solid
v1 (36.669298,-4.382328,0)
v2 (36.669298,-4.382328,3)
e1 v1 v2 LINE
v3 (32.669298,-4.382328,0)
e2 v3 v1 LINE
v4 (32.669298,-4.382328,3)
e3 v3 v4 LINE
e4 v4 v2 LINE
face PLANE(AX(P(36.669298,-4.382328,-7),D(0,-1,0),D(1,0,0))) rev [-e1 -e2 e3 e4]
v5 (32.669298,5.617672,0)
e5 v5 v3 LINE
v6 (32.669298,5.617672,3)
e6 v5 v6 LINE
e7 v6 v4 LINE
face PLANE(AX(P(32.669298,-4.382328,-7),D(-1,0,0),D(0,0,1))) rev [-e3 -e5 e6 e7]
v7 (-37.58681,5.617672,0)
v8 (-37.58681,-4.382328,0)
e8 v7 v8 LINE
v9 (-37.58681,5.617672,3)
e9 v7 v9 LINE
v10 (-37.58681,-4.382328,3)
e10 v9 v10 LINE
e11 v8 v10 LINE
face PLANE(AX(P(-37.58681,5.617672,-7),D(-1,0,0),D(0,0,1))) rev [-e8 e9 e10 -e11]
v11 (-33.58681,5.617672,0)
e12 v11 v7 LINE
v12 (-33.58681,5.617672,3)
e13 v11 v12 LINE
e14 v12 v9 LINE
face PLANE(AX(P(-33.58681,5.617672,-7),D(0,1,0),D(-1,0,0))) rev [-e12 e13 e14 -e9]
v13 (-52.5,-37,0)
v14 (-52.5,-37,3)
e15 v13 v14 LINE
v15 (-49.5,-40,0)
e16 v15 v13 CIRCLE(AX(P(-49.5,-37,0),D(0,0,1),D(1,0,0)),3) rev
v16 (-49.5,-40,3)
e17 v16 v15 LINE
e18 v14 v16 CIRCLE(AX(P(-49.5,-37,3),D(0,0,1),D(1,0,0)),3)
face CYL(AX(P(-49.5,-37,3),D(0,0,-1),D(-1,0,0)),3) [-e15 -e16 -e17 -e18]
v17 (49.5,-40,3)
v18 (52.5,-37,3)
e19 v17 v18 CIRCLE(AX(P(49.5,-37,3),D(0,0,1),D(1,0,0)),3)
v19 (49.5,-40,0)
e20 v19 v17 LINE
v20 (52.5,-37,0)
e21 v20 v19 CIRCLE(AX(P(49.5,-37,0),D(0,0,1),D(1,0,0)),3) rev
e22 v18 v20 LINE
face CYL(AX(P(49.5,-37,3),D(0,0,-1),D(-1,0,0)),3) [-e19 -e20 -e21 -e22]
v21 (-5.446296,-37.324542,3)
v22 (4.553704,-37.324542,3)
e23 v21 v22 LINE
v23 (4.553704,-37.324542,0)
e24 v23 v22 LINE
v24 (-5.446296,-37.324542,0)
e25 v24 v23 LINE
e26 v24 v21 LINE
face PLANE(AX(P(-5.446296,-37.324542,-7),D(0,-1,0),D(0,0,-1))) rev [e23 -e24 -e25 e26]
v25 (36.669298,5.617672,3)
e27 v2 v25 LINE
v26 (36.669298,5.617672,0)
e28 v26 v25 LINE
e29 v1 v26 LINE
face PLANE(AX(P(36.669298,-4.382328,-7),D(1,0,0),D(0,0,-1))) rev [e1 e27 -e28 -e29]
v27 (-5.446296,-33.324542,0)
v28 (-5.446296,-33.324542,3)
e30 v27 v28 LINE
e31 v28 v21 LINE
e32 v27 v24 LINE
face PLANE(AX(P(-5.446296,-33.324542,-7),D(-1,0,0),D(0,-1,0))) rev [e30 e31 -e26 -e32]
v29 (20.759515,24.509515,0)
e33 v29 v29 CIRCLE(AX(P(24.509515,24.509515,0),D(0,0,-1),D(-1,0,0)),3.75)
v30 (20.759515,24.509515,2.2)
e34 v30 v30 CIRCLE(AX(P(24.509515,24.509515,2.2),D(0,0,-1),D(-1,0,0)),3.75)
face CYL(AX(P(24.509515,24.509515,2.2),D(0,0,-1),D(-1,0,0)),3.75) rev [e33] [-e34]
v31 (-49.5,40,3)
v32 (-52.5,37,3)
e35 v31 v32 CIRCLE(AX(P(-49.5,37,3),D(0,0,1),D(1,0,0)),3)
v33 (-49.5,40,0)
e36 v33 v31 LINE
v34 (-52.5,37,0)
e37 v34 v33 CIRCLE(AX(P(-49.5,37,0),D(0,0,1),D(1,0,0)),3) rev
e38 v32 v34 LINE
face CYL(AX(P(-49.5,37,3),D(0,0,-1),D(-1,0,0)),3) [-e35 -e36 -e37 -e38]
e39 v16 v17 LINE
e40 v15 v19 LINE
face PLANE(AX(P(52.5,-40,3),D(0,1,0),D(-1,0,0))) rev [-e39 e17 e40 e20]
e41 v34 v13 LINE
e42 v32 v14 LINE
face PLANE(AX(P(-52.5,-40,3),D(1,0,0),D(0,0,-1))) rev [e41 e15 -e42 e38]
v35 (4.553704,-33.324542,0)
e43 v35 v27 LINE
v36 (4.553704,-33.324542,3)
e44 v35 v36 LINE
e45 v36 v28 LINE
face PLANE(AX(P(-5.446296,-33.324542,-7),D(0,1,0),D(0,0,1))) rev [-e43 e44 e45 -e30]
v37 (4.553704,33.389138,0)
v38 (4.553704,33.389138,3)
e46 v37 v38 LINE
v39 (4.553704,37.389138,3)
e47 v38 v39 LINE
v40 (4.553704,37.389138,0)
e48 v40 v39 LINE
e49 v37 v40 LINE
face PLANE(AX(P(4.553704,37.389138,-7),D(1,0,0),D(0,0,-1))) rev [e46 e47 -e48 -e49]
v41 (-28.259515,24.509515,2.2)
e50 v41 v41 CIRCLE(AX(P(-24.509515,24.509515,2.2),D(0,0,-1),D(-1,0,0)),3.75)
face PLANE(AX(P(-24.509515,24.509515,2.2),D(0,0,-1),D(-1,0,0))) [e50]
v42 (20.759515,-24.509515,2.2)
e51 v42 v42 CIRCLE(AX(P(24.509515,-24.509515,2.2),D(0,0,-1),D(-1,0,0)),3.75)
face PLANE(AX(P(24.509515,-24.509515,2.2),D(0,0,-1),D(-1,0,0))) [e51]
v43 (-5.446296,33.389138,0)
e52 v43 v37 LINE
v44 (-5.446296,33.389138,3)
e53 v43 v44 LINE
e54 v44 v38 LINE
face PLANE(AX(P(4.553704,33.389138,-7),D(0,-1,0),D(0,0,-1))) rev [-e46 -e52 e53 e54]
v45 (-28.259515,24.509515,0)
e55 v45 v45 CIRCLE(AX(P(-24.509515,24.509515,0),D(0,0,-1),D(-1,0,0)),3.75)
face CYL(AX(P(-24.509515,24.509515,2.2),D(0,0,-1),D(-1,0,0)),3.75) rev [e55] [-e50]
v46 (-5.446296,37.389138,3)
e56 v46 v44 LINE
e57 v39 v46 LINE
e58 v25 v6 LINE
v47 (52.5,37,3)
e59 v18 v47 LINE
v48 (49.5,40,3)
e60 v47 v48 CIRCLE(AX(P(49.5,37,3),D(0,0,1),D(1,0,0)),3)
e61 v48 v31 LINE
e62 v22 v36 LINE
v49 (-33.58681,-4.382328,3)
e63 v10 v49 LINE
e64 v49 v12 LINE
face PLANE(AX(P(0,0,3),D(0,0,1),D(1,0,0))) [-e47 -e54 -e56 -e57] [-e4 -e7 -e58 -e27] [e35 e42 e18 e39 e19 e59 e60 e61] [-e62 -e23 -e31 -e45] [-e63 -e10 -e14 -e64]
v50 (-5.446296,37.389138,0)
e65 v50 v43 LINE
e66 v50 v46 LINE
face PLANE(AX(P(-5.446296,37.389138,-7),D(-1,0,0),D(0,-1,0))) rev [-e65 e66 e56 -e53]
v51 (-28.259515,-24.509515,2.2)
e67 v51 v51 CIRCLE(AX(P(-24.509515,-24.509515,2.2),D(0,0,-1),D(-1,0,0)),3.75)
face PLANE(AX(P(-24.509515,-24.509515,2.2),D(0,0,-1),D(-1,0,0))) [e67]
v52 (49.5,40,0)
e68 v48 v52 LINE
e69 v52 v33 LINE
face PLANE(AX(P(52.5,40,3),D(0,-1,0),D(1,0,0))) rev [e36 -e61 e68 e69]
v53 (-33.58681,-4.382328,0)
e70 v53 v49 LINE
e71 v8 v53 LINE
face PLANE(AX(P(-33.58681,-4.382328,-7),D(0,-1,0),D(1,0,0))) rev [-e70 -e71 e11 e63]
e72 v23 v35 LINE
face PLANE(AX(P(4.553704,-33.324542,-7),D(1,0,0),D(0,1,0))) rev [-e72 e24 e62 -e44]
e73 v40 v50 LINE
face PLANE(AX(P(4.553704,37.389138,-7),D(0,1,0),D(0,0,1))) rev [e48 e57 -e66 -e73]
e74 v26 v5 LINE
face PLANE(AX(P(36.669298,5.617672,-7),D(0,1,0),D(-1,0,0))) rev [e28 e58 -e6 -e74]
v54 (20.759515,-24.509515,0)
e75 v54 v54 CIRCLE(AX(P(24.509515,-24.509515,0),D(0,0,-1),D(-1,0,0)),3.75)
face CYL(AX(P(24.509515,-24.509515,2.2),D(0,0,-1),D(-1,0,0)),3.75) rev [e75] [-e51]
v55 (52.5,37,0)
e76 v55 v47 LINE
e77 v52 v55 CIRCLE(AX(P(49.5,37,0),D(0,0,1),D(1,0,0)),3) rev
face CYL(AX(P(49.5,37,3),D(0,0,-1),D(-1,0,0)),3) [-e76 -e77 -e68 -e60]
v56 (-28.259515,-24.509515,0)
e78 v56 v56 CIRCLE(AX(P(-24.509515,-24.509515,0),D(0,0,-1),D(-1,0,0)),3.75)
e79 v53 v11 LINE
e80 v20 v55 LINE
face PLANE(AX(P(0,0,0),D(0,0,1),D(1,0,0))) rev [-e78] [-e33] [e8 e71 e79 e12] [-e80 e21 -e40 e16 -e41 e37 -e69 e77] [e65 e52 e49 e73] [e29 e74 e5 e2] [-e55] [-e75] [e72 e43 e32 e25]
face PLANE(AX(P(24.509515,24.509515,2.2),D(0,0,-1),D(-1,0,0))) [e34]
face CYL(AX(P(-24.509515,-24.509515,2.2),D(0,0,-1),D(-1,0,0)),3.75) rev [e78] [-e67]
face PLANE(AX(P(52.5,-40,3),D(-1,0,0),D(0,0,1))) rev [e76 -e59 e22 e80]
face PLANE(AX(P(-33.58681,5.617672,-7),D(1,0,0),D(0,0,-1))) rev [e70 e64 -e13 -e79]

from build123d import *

# Parameters (mm, degrees)
SKETCH1_W           = 105
SKETCH1_H           = 80
BOSS_EXTRUDE1_DEPTH = 3
SKETCH3_R           = 3.75
CUT_EXTRUDE1_DEPTH  = 2.2
SKETCH4_W           = 10
SKETCH4_H           = 4
SKETCH4_W_2         = 4
SKETCH4_H_2         = 10
CUT_EXTRUDE2_DEPTH  = 10
FILLET2_R           = 3
FILLET3_R           = 3


with BuildPart() as part:
    # Sketch1 → Boss-Extrude1 (new body)
    with BuildSketch(Plane.XY):
        Rectangle(SKETCH1_W, SKETCH1_H)
    extrude(amount=BOSS_EXTRUDE1_DEPTH)

    # Sketch3 → Cut-Extrude1 (cut)
    with BuildSketch(Plane(origin=(0, 0, 0), x_dir=(-1, 0, 0), z_dir=(0, 0, -1))):
        with Locations((-24.509514806, 24.509514806)):
            Circle(SKETCH3_R)
        with Locations((24.509514806, 24.509514806)):
            Circle(SKETCH3_R)
        with Locations((24.509514806, -24.509514806)):
            Circle(SKETCH3_R)
        with Locations((-24.509514806, -24.509514806)):
            Circle(SKETCH3_R)
    extrude(amount=-CUT_EXTRUDE1_DEPTH, mode=Mode.SUBTRACT)

    # Sketch4 → Cut-Extrude2 (cut)
    with BuildSketch(Plane.XY.offset(3)):
        with Locations((-0.446296315, 35.38913846)):
            Rectangle(SKETCH4_W, SKETCH4_H)
        with Locations((-0.446296315, -35.324542102)):
            Rectangle(SKETCH4_W, SKETCH4_H)
        with Locations((-35.586810408, 0.617671805)):
            Rectangle(SKETCH4_W_2, SKETCH4_H_2)
        with Locations((34.669298403, 0.617671805)):
            Rectangle(SKETCH4_W_2, SKETCH4_H_2)
    extrude(amount=-CUT_EXTRUDE2_DEPTH, mode=Mode.SUBTRACT)

    # Fillet2
    fillet2_edges = [part.edges().sort_by_distance(p)[0] for p in [
        (-52.5, -40, 1.5),
    ]]
    fillet(fillet2_edges, radius=FILLET2_R)

    # Fillet3
    fillet3_edges = [part.edges().sort_by_distance(p)[0] for p in [
        (-52.5, 40, 1.5),
        (52.5, 40, 1.5),
        (52.5, -40, 1.5),
    ]]
    fillet(fillet3_edges, radius=FILLET3_R)


solid = part.part
